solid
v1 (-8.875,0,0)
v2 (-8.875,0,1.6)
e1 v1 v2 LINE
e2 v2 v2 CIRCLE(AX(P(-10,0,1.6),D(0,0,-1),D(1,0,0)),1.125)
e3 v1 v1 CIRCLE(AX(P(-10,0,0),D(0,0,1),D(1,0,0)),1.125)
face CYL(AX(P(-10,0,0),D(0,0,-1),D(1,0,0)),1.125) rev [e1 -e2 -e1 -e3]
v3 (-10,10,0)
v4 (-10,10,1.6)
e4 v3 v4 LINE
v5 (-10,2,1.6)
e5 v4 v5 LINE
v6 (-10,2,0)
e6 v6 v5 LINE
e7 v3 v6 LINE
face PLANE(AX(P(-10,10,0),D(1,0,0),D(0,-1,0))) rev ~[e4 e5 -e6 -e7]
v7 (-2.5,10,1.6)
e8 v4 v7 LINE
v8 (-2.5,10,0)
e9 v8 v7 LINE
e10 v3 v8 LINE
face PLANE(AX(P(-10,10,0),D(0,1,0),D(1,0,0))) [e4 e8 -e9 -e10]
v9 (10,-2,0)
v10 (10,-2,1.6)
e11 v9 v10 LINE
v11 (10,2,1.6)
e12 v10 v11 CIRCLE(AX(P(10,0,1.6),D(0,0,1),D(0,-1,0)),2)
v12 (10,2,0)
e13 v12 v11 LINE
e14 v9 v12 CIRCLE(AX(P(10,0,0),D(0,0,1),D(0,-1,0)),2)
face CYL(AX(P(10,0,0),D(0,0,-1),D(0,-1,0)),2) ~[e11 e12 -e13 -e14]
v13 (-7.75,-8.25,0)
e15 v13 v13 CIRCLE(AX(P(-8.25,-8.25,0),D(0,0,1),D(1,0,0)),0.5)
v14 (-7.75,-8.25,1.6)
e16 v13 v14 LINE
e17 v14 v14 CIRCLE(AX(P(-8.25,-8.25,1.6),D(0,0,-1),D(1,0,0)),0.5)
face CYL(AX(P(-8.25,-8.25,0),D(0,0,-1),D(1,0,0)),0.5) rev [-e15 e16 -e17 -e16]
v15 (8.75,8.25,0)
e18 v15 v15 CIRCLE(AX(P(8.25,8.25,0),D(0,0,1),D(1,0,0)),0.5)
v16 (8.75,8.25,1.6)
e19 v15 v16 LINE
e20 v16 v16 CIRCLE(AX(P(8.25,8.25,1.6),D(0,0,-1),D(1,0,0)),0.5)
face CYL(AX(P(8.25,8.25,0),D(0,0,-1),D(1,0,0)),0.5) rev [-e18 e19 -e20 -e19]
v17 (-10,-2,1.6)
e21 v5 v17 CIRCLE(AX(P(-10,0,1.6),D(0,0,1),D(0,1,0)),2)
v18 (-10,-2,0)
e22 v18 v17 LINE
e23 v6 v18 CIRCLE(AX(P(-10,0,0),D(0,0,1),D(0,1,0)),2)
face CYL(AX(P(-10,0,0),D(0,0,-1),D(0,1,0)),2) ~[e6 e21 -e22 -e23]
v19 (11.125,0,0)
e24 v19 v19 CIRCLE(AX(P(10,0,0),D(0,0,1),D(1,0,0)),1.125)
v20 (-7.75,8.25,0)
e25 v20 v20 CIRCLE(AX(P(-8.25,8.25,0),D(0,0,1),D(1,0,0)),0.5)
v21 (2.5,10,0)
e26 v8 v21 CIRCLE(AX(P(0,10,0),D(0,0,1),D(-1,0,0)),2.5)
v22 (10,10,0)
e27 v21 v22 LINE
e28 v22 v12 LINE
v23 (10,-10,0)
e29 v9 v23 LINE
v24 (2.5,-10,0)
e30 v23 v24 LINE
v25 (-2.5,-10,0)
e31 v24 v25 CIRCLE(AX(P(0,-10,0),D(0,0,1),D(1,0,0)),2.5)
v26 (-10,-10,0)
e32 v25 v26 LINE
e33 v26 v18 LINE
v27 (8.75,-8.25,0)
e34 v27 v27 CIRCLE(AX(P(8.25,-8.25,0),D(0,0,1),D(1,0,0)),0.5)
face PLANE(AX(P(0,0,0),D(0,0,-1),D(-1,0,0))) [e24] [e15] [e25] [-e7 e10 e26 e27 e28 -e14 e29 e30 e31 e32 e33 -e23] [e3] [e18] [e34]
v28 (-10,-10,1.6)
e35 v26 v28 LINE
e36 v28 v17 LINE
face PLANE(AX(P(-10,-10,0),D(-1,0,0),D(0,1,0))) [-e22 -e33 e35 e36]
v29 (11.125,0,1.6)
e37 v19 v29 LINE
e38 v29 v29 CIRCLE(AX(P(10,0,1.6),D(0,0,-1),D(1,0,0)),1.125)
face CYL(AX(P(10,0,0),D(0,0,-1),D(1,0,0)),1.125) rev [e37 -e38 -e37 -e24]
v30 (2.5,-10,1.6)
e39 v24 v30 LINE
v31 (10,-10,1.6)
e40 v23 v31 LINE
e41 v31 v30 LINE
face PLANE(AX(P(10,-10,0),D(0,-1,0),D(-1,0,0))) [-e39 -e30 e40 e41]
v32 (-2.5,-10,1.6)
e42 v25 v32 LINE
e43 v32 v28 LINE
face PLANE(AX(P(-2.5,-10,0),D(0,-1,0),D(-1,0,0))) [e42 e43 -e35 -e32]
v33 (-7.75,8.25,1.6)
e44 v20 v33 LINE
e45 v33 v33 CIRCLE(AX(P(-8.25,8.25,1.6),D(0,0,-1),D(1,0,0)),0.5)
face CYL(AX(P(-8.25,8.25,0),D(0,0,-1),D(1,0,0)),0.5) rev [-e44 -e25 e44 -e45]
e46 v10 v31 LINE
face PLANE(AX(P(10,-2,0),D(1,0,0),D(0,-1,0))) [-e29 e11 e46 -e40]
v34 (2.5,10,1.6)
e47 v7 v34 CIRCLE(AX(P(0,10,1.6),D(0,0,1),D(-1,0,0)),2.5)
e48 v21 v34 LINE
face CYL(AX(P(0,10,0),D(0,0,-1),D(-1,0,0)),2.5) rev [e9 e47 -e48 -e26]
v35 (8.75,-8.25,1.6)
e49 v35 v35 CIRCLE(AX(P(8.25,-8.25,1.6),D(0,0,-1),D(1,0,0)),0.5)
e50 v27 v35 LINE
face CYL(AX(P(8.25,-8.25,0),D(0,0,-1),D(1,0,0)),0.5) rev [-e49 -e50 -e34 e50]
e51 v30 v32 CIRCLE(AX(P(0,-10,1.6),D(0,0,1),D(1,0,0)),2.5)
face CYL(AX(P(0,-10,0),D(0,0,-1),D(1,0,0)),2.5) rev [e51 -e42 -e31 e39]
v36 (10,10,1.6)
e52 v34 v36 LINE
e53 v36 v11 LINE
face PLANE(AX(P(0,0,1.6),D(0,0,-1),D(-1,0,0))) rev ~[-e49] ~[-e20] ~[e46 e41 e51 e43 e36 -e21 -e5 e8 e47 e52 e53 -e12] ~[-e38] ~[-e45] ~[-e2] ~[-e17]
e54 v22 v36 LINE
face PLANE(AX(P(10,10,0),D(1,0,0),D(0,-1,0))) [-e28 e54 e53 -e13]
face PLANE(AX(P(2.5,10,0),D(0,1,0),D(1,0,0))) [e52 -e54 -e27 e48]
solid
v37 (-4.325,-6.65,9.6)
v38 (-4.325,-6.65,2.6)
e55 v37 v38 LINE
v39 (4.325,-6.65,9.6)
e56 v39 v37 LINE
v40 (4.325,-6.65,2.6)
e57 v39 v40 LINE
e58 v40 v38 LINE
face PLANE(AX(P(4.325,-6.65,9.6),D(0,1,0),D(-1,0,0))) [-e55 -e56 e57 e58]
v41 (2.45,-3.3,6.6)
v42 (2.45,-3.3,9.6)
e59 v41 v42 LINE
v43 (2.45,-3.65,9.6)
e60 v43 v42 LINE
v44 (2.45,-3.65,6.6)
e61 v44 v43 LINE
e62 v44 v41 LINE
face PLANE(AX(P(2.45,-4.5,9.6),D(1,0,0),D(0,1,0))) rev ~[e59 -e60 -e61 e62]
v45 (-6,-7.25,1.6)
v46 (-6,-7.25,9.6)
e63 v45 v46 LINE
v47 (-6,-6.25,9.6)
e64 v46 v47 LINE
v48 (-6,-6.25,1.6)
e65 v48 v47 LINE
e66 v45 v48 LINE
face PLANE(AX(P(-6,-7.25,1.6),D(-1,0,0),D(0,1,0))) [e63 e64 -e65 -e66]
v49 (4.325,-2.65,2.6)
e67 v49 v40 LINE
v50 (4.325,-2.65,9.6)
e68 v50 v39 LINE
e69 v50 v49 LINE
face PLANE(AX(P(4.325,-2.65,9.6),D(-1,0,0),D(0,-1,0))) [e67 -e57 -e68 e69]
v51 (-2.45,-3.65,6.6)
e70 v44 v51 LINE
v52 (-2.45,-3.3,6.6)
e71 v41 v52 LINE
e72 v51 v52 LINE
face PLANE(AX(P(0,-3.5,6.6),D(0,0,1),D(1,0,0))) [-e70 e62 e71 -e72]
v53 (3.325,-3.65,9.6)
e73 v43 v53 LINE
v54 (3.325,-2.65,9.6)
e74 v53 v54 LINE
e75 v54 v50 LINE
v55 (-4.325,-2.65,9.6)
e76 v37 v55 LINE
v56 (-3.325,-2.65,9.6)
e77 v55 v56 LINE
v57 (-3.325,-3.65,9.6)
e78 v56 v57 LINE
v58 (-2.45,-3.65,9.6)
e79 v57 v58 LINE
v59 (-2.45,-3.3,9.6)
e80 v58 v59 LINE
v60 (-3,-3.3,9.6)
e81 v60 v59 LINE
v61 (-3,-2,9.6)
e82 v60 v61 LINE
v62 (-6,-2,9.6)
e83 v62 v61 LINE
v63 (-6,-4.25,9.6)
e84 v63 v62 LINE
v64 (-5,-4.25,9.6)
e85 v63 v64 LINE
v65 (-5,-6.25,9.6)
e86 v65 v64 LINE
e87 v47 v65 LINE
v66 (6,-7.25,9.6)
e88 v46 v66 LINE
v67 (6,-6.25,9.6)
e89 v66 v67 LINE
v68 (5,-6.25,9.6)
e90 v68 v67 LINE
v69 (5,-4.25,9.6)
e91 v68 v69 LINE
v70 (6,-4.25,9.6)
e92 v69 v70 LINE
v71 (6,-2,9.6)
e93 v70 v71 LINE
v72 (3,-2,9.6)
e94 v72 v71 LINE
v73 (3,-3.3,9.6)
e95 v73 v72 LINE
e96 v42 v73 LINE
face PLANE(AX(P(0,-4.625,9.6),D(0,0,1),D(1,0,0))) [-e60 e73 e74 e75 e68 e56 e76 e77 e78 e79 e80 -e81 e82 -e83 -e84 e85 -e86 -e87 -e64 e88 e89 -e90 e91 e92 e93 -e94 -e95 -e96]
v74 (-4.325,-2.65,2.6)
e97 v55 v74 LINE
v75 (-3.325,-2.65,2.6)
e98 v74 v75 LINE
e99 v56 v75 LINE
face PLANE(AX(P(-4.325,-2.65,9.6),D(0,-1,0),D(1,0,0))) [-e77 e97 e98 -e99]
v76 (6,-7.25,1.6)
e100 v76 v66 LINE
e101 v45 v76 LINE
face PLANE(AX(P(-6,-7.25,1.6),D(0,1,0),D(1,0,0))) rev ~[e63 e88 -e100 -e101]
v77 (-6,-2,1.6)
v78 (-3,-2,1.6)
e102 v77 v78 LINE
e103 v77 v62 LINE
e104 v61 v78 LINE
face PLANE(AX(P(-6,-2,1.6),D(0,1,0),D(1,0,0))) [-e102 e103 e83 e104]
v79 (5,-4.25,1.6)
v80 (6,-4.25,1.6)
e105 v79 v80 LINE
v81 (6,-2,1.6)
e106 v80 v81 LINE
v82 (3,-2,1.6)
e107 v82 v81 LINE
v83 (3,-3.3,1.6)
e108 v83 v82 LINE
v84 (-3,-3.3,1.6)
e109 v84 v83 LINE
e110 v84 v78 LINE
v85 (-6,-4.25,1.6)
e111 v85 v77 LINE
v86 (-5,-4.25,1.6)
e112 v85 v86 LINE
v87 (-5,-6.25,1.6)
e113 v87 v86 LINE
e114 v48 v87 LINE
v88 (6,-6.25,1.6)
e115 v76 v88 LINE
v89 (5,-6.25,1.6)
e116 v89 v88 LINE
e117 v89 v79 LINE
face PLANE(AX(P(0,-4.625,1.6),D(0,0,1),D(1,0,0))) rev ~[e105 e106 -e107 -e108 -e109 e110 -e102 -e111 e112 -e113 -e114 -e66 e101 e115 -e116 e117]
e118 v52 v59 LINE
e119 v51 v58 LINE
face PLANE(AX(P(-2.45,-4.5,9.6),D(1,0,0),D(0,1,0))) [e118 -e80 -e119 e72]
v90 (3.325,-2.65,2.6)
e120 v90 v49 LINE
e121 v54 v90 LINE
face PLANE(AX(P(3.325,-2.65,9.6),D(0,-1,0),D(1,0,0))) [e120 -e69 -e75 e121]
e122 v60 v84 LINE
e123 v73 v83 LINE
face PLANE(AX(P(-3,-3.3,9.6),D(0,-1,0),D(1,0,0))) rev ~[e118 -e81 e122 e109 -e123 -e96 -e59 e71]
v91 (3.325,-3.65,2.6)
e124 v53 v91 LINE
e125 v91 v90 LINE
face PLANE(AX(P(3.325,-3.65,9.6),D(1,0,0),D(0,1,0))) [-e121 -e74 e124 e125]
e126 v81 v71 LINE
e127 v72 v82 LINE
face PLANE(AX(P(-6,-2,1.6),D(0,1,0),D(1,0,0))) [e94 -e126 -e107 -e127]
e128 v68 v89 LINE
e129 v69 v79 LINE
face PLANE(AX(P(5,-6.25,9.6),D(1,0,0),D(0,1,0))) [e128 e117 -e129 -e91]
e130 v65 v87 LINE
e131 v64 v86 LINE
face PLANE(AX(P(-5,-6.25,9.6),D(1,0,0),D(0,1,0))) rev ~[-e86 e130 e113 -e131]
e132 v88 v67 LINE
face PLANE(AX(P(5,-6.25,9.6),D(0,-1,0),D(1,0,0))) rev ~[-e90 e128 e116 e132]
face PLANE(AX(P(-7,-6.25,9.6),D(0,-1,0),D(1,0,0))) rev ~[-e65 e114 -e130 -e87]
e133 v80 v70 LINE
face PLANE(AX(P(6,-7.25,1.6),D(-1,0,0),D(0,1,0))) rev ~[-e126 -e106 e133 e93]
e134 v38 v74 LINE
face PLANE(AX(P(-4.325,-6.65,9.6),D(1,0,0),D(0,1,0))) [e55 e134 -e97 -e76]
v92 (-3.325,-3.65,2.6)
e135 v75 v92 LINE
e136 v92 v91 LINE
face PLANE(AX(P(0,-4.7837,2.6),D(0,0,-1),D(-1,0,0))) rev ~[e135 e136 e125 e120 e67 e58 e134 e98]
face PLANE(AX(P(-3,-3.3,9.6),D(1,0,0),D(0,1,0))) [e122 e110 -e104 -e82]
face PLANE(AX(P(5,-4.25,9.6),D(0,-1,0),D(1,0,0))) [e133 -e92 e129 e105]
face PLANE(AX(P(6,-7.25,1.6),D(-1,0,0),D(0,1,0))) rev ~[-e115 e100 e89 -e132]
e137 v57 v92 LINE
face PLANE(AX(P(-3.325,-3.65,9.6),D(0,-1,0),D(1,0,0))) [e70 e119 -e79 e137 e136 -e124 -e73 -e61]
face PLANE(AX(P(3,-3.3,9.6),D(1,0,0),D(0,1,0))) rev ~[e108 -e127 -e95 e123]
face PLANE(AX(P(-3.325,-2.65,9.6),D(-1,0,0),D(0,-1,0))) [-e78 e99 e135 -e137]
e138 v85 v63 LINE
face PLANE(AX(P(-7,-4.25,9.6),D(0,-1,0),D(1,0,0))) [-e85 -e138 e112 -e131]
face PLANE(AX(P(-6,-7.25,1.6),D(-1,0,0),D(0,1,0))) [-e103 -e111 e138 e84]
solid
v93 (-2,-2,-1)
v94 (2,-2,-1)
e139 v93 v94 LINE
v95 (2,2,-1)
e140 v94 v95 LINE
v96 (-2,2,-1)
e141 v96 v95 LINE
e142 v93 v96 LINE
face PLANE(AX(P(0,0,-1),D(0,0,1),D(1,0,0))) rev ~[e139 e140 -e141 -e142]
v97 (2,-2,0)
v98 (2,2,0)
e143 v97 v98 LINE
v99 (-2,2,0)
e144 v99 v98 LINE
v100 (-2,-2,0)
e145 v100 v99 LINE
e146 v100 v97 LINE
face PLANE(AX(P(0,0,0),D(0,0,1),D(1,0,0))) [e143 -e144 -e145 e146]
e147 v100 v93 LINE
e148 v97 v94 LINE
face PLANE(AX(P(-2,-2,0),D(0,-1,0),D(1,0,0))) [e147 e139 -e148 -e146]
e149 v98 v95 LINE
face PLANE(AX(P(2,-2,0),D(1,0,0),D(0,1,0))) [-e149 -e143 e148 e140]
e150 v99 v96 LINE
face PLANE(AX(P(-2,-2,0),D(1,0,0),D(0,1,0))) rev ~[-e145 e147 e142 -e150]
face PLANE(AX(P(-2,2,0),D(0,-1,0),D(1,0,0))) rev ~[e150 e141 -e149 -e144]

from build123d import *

# Parameters (mm, degrees)
PAD_DEPTH       = 1.6
SKETCH001_R     = 1.125
POCKET_DEPTH    = 1.601
SKETCH002_R     = 0.5
POCKET001_DEPTH = 1.601
SKETCH004_W     = 4
SKETCH004_H     = 4
PAD001_DEPTH    = 1
SKETCH005_W     = 12
SKETCH005_H     = 5.25
PAD002_DEPTH    = 8
POCKET002_DEPTH = 7
SKETCH007_W     = 6
SKETCH007_H     = 1.3
POCKET003_DEPTH = 8
SKETCH008_W     = 2
SKETCH008_H     = 2
POCKET004_DEPTH = 8.001
SKETCH009_W     = 4.9
SKETCH009_H     = 2
POCKET005_DEPTH = 3


with BuildPart() as groveboard:
    # Sketch → Pad (new body)
    with BuildSketch(Plane.XY):
        with BuildLine():
            Line((-10, 10), (-2.5, 10))
            ThreePointArc((-2.5, 10), (0, 7.5), (2.5, 10))
            Line((2.5, 10), (10, 10))
            Line((10, 10), (10, 2))
            ThreePointArc((10, -2), (12, 0), (10, 2))
            Line((10, -2), (10, -10))
            Line((10, -10), (2.5, -10))
            ThreePointArc((2.5, -10), (0, -7.5), (-2.5, -10))
            Line((-2.5, -10), (-10, -10))
            Line((-10, -10), (-10, -2))
            ThreePointArc((-10, 2), (-12, 0), (-10, -2))
            Line((-10, 10), (-10, 2))
        make_face()
    extrude(amount=PAD_DEPTH)

    # Sketch001 → Pocket (cut, through all)
    with BuildSketch(Plane.XY):
        with Locations((-10, 0)):
            Circle(SKETCH001_R)
        with Locations((10, 0)):
            Circle(SKETCH001_R)
    extrude(amount=POCKET_DEPTH, mode=Mode.SUBTRACT)

    # Sketch002 → Pocket001 (cut, through all)
    with BuildSketch(Plane.XY):
        with Locations((-8.25, 8.25)):
            Circle(SKETCH002_R)
        with Locations((8.25, 8.25)):
            Circle(SKETCH002_R)
        with Locations((8.25, -8.25)):
            Circle(SKETCH002_R)
        with Locations((-8.25, -8.25)):
            Circle(SKETCH002_R)
    extrude(amount=POCKET001_DEPTH, mode=Mode.SUBTRACT)


with BuildPart() as rgbled:
    # Sketch004 → Pad001 (new body)
    with BuildSketch(Plane.XY):
        Rectangle(SKETCH004_W, SKETCH004_H)
    extrude(amount=-PAD001_DEPTH)


with BuildPart() as groveconnector:
    # Sketch005 (on DatumPlane) → Pad002 (new body)
    with BuildSketch(Plane.XY.offset(1.6)):
        with Locations((0, -4.625)):
            Rectangle(SKETCH005_W, SKETCH005_H)
    extrude(amount=PAD002_DEPTH)

    # Sketch006 (on DatumPlane) → Pocket002 (cut)
    with BuildSketch(Plane.XY.offset(9.6)):
        Polygon((4.325, -2.65), (4.325, -6.65), (-4.325, -6.65), (-4.325, -2.65), (-3.325, -2.65), (-3.325, -3.65), (3.325, -3.65), (3.325, -2.65), align=None)
    extrude(amount=-POCKET002_DEPTH, mode=Mode.SUBTRACT)

    # Sketch007 (on DatumPlane) → Pocket003 (cut)
    with BuildSketch(Plane.XY.offset(9.6)):
        with Locations((0, -2.65)):
            Rectangle(SKETCH007_W, SKETCH007_H)
    extrude(amount=-POCKET003_DEPTH, mode=Mode.SUBTRACT)

    # Sketch008 (on DatumPlane) → Pocket004 (cut, through all)
    with BuildSketch(Plane.XY.offset(9.6)):
        with Locations((-6, -5.25)):
            Rectangle(SKETCH008_W, SKETCH008_H)
        with Locations((6, -5.25)):
            Rectangle(SKETCH008_W, SKETCH008_H)
    extrude(amount=-POCKET004_DEPTH, mode=Mode.SUBTRACT)

    # Sketch009 (on DatumPlane) → Pocket005 (cut)
    with BuildSketch(Plane.XY.offset(9.6)):
        with Locations((0, -3.5)):
            Rectangle(SKETCH009_W, SKETCH009_H)
    extrude(amount=-POCKET005_DEPTH, mode=Mode.SUBTRACT)


solid = Compound([groveboard.part, rgbled.part, groveconnector.part])
